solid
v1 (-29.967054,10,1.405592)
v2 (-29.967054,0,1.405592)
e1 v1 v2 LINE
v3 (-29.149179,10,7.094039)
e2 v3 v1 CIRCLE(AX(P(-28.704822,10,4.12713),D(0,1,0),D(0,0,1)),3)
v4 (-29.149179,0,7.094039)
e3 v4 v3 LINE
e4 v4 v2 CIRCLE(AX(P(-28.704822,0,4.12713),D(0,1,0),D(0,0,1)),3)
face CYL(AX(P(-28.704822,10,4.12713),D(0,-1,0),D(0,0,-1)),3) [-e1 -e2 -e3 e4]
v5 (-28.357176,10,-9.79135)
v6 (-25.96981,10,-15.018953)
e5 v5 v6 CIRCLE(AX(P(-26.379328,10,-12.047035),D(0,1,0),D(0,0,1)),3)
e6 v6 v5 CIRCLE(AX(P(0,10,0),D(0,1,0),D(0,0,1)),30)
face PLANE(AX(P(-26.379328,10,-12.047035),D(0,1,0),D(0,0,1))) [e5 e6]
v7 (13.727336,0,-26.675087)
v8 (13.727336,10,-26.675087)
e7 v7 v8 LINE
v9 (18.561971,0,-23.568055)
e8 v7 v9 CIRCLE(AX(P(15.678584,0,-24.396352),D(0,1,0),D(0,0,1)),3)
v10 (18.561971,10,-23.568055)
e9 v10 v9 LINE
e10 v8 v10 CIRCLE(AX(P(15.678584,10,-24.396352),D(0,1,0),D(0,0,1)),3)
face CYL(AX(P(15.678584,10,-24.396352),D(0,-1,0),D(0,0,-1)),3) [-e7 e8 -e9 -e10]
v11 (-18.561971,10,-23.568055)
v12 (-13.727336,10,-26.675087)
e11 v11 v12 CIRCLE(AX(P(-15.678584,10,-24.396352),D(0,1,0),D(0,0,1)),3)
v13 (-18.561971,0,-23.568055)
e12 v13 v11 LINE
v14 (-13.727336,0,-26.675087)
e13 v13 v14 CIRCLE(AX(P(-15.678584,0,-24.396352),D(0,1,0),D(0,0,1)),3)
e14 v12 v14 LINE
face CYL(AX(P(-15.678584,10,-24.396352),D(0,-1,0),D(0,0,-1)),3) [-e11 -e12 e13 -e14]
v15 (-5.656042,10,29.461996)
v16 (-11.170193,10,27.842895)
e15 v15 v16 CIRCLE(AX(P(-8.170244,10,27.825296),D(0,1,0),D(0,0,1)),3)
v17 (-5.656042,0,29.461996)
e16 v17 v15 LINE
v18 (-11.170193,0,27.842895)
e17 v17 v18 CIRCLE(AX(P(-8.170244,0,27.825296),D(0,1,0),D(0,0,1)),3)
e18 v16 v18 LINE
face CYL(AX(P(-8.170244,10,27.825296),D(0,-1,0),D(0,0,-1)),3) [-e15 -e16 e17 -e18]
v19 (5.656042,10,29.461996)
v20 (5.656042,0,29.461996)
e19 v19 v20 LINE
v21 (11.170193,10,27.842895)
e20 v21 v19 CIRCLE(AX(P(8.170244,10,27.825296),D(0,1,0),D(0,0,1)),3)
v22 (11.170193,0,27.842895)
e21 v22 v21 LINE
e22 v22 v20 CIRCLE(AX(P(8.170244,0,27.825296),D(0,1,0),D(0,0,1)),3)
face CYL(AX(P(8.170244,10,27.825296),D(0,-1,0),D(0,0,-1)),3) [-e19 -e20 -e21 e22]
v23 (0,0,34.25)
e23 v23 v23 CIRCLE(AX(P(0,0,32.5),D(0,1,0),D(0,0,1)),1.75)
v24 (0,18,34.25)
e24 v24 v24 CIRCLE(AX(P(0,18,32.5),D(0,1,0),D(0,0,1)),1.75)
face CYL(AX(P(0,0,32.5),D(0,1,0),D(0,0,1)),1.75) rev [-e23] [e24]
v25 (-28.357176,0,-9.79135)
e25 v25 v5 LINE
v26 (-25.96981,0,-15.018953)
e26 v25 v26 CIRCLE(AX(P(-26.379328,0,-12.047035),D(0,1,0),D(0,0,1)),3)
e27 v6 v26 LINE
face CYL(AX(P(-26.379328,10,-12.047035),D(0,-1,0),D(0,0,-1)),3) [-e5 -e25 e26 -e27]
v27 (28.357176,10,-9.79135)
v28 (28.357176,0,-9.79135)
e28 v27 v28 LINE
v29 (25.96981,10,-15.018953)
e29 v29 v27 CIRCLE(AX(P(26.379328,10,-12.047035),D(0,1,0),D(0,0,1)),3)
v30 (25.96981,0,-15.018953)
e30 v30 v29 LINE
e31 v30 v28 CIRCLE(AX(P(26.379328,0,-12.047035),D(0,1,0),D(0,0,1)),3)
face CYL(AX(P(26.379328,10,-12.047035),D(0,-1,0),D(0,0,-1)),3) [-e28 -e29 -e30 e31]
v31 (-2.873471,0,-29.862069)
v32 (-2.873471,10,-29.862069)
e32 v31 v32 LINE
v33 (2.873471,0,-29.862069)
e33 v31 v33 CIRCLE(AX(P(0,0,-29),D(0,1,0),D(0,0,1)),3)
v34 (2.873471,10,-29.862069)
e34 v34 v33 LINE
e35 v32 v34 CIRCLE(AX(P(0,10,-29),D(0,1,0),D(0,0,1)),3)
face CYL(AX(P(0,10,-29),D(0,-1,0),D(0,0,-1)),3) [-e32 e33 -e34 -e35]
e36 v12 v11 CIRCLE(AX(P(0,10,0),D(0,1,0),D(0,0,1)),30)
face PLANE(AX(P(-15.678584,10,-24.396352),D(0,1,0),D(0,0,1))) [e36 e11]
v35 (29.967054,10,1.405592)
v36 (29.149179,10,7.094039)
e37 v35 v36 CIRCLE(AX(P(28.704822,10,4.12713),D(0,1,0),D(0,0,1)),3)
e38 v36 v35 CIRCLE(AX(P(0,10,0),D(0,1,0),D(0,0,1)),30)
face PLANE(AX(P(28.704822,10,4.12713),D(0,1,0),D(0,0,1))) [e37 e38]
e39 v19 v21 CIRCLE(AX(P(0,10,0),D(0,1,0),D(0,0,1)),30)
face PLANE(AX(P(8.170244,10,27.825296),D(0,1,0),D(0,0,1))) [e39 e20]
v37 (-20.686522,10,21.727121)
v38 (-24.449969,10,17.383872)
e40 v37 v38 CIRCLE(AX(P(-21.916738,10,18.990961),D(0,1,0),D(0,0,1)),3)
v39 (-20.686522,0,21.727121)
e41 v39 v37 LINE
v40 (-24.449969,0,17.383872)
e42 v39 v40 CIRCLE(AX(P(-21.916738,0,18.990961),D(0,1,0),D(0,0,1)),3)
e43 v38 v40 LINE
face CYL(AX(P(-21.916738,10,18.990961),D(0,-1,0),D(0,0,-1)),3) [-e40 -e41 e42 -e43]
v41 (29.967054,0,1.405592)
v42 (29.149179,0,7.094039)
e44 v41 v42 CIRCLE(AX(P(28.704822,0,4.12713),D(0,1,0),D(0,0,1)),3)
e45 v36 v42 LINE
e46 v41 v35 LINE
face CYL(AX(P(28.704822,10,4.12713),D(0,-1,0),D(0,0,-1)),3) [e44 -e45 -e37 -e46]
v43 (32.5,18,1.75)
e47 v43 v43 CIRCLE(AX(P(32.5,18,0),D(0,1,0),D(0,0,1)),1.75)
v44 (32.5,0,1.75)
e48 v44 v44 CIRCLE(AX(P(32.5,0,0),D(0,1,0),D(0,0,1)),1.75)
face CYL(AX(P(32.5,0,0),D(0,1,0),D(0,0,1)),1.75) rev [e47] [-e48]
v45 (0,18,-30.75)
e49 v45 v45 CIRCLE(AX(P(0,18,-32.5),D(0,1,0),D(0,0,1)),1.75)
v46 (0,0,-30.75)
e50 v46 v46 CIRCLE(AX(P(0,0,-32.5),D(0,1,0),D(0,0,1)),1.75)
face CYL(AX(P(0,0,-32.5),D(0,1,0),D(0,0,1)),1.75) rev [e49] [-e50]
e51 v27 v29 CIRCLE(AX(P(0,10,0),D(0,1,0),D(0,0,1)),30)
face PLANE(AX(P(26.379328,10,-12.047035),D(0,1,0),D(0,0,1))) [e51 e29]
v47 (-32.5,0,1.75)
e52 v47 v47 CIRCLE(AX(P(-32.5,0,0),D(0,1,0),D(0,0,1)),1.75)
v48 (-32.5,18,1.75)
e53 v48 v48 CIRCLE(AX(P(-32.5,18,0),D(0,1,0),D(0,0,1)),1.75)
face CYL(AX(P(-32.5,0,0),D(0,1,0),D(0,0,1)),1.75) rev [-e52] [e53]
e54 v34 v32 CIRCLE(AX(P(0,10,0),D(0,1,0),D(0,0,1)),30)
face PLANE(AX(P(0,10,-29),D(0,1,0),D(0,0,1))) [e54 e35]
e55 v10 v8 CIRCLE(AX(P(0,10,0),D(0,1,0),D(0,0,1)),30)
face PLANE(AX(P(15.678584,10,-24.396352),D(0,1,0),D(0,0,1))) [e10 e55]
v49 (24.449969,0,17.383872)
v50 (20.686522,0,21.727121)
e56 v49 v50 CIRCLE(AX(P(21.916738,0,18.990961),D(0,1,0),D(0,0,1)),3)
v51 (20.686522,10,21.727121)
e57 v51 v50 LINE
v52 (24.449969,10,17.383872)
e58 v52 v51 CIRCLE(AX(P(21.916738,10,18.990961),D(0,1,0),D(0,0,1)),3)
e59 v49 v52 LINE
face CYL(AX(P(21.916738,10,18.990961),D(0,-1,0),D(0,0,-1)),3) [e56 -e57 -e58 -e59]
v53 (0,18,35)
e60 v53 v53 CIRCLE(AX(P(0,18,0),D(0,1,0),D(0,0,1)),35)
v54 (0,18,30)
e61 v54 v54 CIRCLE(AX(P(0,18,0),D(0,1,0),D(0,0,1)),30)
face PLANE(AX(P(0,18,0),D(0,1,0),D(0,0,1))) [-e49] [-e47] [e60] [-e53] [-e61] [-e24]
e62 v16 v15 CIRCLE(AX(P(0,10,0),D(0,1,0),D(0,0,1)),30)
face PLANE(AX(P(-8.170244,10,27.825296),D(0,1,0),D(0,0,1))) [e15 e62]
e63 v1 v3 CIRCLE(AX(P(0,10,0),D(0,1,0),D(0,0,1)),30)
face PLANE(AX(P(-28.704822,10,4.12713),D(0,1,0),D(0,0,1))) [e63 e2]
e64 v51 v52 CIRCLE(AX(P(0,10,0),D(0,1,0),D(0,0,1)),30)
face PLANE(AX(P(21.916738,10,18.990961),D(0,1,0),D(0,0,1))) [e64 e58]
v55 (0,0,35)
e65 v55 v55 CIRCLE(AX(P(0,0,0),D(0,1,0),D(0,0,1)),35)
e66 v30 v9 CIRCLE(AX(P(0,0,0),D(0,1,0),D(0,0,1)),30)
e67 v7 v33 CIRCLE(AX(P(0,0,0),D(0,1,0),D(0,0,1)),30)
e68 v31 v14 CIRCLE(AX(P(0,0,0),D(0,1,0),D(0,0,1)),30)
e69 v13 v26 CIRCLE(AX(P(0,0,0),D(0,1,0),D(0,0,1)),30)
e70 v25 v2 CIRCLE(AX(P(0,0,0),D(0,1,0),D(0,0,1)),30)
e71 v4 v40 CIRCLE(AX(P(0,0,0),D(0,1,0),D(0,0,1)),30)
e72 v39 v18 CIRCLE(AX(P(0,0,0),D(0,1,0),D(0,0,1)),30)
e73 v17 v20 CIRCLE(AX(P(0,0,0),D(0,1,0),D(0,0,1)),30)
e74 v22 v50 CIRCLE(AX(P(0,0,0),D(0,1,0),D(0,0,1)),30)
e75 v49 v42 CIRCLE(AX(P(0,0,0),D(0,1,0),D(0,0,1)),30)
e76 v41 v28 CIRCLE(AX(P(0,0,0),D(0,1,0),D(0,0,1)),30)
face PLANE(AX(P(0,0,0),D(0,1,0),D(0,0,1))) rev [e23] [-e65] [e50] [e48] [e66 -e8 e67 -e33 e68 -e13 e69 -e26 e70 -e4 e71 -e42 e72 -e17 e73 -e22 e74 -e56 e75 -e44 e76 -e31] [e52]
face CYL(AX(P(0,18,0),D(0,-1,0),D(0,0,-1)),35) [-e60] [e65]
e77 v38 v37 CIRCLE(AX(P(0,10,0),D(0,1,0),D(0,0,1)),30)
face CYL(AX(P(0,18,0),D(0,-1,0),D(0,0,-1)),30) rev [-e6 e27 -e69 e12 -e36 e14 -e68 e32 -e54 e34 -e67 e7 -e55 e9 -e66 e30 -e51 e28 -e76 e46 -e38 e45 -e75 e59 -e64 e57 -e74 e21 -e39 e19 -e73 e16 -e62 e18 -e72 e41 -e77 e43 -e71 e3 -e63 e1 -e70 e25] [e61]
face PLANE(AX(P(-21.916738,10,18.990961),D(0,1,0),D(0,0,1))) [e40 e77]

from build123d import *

# Parameters (mm, degrees)
SKETCH1_R           = 35
SKETCH1_R_2         = 30
BOSS_EXTRUDE1_DEPTH = 18
SKETCH2_R           = 3
BOSS_EXTRUDE2_DEPTH = 10
SKETCH3_R           = 1.75
CUT_EXTRUDE1_DEPTH  = 53.668776329


with BuildPart() as part:
    # Sketch1 → Boss-Extrude1 (new body)
    with BuildSketch(Plane(origin=(0, 0, 0), x_dir=(1, 0, 0), z_dir=(0, 1, 0))):
        with Locations(Location((0, 0, 0), (0, 0, 270))):
            Circle(SKETCH1_R)
        with Locations(Location((0, 0, 0), (0, 0, 270))):
            Circle(SKETCH1_R_2, mode=Mode.SUBTRACT)
    extrude(amount=BOSS_EXTRUDE1_DEPTH)

    # Sketch2 → Boss-Extrude2 (add)
    with BuildSketch(Plane(origin=(0, 0, 0), x_dir=(1, 0, 0), z_dir=(0, 1, 0))):
        with Locations((0, 29)):
            Circle(SKETCH2_R)
        with Locations((15.678583706, 24.396352452)):
            Circle(SKETCH2_R)
        with Locations((26.379327865, 12.047035377)):
            Circle(SKETCH2_R)
        with Locations((28.704821815, -4.12713031)):
            Circle(SKETCH2_R)
        with Locations((21.916737656, -18.990961284)):
            Circle(SKETCH2_R)
        with Locations((8.170244148, -27.825296235)):
            Circle(SKETCH2_R)
        with Locations((-8.170244148, -27.825296235)):
            Circle(SKETCH2_R)
        with Locations((-21.916737656, -18.990961284)):
            Circle(SKETCH2_R)
        with Locations((-28.704821815, -4.12713031)):
            Circle(SKETCH2_R)
        with Locations((-26.379327865, 12.047035377)):
            Circle(SKETCH2_R)
        with Locations((-15.678583706, 24.396352452)):
            Circle(SKETCH2_R)
    extrude(amount=BOSS_EXTRUDE2_DEPTH)

    # Sketch3 → Cut-Extrude1 (cut, through all)
    with BuildSketch(Plane(origin=(0, 18, 0), x_dir=(1, 0, 0), z_dir=(0, 1, 0))):
        with Locations(Location((0, 32.5, 0), (0, 0, 270))):
            Circle(SKETCH3_R)
        with Locations(Location((32.5, 0, 0), (0, 0, 270))):
            Circle(SKETCH3_R)
        with Locations(Location((0, -32.5, 0), (0, 0, 270))):
            Circle(SKETCH3_R)
        with Locations(Location((-32.5, 0, 0), (0, 0, 270))):
            Circle(SKETCH3_R)
    extrude(amount=-CUT_EXTRUDE1_DEPTH, mode=Mode.SUBTRACT)


solid = part.part
